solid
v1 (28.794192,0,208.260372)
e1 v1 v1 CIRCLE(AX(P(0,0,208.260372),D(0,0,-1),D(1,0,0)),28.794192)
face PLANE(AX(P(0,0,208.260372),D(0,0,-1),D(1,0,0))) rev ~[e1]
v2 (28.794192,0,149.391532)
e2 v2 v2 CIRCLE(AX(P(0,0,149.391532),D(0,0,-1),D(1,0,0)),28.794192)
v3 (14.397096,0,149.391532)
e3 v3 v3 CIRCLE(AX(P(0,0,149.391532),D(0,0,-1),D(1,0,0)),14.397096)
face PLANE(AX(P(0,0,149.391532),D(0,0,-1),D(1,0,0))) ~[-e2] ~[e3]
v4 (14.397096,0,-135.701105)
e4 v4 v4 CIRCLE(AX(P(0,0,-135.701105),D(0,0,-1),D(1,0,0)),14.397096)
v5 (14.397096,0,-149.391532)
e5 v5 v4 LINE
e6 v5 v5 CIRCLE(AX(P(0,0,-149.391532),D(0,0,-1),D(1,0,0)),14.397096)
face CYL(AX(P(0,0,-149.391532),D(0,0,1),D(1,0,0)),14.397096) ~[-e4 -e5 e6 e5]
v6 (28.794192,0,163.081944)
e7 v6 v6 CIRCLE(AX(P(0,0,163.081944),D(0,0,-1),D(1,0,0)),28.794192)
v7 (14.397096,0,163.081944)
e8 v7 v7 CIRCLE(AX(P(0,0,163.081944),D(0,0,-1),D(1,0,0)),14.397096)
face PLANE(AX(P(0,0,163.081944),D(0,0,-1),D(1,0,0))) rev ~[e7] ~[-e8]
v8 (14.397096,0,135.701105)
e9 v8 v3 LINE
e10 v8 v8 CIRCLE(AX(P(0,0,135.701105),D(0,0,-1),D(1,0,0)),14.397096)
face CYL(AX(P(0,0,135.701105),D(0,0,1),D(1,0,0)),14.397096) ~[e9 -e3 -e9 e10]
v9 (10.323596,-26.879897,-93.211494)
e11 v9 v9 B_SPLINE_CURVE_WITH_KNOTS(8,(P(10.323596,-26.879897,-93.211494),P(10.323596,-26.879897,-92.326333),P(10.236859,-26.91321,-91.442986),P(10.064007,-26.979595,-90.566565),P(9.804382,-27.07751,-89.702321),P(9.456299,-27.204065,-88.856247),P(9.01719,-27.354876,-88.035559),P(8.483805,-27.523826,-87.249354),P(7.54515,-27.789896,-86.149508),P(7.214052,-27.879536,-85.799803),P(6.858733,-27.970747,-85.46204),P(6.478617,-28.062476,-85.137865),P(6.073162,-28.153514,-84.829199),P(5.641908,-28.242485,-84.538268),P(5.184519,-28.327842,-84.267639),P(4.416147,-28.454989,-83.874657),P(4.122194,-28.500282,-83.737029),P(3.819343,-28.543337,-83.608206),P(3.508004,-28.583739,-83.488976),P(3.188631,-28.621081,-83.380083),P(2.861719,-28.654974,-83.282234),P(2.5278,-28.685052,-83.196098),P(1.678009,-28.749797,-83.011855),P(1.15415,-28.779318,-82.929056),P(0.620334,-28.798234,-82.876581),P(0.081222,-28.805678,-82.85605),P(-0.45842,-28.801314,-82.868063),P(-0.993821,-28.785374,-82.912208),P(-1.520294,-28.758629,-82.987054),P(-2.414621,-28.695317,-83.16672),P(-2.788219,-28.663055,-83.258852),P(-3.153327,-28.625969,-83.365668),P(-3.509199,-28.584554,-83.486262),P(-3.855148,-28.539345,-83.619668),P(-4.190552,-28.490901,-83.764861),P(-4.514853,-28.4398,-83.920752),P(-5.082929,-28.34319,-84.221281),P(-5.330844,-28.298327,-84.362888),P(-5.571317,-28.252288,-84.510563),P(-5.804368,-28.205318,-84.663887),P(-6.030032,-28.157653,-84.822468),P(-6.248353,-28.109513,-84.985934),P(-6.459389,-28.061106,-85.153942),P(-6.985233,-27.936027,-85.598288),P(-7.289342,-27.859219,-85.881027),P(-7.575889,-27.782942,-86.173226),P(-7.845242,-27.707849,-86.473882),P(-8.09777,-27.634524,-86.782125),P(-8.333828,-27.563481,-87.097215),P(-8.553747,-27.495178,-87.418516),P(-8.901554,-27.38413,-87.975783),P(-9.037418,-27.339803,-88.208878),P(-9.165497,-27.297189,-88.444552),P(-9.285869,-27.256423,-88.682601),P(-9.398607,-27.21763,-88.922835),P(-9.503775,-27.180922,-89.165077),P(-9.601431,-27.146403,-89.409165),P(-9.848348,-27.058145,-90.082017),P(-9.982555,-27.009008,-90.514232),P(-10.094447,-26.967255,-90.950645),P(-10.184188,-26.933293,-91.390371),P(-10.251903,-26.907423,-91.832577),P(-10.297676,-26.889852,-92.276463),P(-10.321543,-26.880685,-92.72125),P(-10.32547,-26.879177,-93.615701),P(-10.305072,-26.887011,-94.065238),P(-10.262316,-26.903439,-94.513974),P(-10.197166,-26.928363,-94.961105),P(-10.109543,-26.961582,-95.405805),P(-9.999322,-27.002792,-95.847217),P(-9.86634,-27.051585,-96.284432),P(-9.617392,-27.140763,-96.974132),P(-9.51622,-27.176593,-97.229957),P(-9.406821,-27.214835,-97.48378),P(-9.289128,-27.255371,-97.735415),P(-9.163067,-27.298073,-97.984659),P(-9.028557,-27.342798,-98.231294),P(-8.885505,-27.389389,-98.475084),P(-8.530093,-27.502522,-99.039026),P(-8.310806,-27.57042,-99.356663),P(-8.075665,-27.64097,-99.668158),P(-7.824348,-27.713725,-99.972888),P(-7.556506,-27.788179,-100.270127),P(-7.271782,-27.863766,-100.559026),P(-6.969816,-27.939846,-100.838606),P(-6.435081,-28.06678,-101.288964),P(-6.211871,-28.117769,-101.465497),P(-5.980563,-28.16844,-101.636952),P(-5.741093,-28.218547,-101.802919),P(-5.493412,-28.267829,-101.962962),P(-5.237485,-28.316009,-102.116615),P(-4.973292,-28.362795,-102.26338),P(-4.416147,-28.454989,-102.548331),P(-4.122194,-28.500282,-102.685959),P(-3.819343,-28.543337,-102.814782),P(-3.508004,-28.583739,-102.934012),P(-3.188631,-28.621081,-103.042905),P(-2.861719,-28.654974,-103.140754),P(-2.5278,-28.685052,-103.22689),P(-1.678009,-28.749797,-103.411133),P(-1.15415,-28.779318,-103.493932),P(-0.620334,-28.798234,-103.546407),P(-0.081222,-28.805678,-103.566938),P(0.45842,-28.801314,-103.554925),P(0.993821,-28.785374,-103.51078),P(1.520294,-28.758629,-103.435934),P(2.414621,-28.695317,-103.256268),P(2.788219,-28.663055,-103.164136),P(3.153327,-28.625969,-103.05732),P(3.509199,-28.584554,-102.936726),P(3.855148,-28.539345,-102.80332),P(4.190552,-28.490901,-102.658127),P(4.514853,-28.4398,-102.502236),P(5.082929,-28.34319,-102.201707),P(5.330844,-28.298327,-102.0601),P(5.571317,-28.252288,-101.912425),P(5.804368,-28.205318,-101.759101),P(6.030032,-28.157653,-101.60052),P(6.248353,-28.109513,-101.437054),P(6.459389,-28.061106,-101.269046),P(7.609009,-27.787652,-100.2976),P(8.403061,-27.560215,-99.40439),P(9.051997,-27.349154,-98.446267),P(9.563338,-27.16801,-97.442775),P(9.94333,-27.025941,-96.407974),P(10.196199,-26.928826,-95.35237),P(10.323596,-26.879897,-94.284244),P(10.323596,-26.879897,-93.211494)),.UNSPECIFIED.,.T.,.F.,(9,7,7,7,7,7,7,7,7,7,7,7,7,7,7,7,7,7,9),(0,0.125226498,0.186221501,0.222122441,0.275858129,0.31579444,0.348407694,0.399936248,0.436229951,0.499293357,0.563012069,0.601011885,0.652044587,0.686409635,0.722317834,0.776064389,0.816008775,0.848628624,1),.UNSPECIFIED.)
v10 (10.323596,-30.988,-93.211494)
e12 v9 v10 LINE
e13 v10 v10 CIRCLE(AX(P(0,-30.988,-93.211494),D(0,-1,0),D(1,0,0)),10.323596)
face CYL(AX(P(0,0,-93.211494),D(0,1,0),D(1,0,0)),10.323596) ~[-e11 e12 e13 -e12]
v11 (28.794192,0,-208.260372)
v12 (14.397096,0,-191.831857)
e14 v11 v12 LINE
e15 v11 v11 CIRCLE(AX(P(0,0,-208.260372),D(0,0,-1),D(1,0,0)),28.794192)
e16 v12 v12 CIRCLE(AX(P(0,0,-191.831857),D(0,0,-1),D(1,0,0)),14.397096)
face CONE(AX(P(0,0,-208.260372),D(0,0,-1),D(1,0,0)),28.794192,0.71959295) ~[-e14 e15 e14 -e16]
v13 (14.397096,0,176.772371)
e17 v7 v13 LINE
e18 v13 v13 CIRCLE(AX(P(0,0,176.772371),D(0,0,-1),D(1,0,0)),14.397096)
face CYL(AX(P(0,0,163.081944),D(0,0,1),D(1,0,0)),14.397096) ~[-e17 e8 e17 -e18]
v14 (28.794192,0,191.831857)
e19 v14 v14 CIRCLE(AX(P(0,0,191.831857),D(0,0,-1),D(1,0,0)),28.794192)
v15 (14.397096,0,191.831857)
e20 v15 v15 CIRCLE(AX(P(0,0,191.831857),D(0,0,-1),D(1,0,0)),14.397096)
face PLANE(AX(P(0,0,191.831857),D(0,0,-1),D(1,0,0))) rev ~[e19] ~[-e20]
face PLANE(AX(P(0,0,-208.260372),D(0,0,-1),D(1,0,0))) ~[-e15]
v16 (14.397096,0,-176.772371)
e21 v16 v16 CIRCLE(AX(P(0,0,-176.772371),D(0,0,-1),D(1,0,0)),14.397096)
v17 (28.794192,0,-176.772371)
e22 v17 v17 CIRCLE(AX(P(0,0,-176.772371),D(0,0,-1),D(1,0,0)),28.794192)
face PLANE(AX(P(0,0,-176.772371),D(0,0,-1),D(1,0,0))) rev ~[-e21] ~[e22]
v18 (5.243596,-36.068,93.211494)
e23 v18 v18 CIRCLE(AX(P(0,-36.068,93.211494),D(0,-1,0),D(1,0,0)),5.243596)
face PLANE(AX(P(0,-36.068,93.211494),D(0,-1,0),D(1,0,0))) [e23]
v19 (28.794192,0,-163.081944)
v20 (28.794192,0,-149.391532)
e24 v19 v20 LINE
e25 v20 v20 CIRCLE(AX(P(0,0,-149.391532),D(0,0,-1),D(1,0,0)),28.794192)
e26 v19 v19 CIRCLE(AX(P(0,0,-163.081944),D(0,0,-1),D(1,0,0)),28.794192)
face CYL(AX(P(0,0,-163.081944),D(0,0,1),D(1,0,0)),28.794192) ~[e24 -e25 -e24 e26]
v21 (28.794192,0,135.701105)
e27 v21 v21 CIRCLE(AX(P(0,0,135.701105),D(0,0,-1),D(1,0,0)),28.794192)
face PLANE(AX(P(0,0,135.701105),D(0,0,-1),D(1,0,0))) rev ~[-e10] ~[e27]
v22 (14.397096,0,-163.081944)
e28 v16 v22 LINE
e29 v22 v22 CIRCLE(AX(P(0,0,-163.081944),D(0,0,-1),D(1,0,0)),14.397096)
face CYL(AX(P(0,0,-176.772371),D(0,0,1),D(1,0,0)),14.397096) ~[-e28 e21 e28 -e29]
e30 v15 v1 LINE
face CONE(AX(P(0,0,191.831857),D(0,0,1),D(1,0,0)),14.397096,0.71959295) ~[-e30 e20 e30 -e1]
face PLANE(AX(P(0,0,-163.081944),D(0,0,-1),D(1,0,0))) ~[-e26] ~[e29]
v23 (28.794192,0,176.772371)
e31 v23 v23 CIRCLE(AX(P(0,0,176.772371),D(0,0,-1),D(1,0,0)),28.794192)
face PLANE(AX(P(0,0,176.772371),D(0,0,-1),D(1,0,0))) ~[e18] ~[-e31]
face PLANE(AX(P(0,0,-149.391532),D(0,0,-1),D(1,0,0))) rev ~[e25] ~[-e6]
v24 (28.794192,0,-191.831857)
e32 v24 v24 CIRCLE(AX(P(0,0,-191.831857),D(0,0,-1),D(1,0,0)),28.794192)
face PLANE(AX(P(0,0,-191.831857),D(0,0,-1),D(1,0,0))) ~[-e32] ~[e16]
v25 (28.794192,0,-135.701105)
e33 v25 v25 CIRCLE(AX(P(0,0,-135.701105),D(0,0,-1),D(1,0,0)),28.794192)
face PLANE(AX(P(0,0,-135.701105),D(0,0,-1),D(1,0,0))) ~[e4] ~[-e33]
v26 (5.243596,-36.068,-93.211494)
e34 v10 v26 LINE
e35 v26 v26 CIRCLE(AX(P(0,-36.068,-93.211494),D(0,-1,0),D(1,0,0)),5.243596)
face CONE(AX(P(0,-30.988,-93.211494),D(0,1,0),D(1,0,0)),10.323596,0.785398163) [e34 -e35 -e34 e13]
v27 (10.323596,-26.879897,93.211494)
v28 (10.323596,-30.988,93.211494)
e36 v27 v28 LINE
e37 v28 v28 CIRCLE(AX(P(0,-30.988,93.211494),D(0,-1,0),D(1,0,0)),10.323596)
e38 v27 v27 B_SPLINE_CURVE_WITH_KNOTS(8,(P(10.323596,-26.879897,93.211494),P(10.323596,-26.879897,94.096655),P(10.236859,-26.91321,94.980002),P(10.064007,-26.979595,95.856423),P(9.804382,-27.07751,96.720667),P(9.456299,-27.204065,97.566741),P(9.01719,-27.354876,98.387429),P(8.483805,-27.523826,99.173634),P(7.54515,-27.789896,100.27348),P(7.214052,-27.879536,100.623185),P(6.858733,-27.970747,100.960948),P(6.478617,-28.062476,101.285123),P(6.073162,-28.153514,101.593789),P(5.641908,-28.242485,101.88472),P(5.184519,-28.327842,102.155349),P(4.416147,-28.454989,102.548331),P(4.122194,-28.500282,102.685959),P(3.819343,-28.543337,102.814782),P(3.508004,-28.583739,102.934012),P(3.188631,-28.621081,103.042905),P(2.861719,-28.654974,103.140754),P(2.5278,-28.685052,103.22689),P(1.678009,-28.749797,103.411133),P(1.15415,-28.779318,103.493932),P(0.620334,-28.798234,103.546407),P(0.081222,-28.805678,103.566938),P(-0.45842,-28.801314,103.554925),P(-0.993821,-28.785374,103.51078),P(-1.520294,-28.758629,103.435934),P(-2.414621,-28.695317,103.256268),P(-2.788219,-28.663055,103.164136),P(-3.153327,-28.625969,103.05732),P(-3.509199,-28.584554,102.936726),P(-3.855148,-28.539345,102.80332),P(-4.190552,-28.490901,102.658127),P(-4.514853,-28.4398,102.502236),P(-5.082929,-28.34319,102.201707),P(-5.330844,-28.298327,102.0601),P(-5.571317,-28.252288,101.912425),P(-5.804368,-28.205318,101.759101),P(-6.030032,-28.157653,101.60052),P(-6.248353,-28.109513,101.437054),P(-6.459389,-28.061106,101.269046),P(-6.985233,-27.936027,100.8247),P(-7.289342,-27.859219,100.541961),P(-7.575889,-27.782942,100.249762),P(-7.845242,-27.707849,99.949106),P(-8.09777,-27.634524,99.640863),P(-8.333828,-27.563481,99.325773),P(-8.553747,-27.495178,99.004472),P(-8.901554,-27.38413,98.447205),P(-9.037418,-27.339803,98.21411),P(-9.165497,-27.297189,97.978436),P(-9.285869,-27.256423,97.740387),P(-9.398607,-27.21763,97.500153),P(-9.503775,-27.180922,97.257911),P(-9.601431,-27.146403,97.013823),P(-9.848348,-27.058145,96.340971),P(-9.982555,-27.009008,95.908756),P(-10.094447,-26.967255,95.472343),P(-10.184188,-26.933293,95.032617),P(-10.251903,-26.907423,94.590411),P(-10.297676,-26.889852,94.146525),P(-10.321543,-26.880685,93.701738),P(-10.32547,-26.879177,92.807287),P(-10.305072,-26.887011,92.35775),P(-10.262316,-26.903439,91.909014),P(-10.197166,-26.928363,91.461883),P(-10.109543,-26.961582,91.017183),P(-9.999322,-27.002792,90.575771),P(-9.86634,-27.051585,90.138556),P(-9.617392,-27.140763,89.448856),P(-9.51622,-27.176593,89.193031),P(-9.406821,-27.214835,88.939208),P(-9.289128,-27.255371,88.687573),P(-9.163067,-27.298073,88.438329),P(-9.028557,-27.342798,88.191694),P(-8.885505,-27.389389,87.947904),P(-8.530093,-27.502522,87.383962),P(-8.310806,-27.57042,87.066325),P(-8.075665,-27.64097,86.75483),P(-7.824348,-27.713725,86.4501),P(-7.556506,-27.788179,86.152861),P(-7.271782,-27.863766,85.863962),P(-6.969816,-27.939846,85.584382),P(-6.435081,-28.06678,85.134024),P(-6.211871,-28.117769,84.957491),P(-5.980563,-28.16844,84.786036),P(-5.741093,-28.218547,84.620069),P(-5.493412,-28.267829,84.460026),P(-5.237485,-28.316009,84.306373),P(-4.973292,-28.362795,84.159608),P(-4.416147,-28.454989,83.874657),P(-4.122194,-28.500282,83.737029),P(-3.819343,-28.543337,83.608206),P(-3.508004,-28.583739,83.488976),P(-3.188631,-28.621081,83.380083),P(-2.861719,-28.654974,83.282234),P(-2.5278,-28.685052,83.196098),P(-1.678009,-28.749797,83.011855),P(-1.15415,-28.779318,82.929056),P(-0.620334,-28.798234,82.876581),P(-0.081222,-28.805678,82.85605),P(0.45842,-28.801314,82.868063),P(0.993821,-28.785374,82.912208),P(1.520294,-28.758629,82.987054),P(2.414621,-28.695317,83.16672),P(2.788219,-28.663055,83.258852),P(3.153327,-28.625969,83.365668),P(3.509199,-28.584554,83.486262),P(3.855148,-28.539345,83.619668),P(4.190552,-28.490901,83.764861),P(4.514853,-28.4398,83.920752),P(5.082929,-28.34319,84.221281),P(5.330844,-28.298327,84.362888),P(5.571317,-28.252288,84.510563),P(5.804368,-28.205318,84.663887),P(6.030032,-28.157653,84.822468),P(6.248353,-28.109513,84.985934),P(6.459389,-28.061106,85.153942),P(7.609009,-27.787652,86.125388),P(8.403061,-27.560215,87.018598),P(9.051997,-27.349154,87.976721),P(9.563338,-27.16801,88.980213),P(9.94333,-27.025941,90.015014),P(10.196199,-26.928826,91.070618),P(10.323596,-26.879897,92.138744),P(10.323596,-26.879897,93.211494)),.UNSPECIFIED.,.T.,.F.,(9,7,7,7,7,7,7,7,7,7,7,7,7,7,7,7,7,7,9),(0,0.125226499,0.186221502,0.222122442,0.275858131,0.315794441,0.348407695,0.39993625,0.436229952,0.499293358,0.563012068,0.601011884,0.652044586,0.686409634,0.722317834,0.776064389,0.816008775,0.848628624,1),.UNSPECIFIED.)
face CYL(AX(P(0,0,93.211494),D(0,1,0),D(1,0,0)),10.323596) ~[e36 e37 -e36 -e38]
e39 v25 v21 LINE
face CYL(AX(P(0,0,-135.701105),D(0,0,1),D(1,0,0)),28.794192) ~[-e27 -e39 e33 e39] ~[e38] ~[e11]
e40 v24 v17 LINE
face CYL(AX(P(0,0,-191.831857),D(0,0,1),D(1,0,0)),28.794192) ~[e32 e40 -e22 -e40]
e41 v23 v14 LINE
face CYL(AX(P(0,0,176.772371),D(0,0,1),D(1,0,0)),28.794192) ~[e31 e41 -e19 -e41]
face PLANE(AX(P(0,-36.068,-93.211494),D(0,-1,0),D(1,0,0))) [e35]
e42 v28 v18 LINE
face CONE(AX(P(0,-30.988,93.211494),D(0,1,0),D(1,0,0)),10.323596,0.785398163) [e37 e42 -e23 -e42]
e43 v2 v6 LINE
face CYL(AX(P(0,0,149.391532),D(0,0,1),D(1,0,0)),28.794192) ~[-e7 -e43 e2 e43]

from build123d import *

# Parameters (mm, degrees)
F2_R     = 10.323596
F3_DEPTH = 36.068
F4_SIZE  = 5.08


with BuildPart() as f1:
    # F0 (on Front) → F1 (revolve)
    with BuildSketch(Plane.XZ):
        Polygon((0, 208.260372), (0, 0), (28.794192, 0), (28.794192, 135.701105), (14.397096, 135.701105), (14.397096, 149.391532), (28.794192, 149.391532), (28.794192, 163.081944), (14.397096, 163.081944), (14.397096, 176.772371), (28.794192, 176.772371), (28.794192, 191.831857), (14.397096, 191.831857), (28.794192, 208.260372), align=None)
        Polygon((28.794192, 0), (0, 0), (0, -208.260372), (28.794192, -208.260372), (14.397096, -191.831857), (28.794192, -191.831857), (28.794192, -176.772371), (14.397096, -176.772371), (14.397096, -163.081944), (28.794192, -163.081944), (28.794192, -149.391532), (14.397096, -149.391532), (14.397096, -135.701105), (28.794192, -135.701105), align=None)
    revolve(axis=Axis((0, 0, -104.130186), (0, 0, -1)))

    # F2 (on Front) → F3 (join)
    with BuildSketch(Plane.XZ):
        with Locations((0, 93.211494)):
            Circle(F2_R)
        with Locations((0, -93.211494)):
            Circle(F2_R)
    extrude(amount=F3_DEPTH)

    # F4
    f4_edges = [f1.edges().sort_by_distance(p)[0] for p in [
        (-10.323596, -36.068, 93.211494),
        (-10.323596, -36.068, -93.211494),
    ]]
    chamfer(f4_edges, length=F4_SIZE)


solid = f1.part
